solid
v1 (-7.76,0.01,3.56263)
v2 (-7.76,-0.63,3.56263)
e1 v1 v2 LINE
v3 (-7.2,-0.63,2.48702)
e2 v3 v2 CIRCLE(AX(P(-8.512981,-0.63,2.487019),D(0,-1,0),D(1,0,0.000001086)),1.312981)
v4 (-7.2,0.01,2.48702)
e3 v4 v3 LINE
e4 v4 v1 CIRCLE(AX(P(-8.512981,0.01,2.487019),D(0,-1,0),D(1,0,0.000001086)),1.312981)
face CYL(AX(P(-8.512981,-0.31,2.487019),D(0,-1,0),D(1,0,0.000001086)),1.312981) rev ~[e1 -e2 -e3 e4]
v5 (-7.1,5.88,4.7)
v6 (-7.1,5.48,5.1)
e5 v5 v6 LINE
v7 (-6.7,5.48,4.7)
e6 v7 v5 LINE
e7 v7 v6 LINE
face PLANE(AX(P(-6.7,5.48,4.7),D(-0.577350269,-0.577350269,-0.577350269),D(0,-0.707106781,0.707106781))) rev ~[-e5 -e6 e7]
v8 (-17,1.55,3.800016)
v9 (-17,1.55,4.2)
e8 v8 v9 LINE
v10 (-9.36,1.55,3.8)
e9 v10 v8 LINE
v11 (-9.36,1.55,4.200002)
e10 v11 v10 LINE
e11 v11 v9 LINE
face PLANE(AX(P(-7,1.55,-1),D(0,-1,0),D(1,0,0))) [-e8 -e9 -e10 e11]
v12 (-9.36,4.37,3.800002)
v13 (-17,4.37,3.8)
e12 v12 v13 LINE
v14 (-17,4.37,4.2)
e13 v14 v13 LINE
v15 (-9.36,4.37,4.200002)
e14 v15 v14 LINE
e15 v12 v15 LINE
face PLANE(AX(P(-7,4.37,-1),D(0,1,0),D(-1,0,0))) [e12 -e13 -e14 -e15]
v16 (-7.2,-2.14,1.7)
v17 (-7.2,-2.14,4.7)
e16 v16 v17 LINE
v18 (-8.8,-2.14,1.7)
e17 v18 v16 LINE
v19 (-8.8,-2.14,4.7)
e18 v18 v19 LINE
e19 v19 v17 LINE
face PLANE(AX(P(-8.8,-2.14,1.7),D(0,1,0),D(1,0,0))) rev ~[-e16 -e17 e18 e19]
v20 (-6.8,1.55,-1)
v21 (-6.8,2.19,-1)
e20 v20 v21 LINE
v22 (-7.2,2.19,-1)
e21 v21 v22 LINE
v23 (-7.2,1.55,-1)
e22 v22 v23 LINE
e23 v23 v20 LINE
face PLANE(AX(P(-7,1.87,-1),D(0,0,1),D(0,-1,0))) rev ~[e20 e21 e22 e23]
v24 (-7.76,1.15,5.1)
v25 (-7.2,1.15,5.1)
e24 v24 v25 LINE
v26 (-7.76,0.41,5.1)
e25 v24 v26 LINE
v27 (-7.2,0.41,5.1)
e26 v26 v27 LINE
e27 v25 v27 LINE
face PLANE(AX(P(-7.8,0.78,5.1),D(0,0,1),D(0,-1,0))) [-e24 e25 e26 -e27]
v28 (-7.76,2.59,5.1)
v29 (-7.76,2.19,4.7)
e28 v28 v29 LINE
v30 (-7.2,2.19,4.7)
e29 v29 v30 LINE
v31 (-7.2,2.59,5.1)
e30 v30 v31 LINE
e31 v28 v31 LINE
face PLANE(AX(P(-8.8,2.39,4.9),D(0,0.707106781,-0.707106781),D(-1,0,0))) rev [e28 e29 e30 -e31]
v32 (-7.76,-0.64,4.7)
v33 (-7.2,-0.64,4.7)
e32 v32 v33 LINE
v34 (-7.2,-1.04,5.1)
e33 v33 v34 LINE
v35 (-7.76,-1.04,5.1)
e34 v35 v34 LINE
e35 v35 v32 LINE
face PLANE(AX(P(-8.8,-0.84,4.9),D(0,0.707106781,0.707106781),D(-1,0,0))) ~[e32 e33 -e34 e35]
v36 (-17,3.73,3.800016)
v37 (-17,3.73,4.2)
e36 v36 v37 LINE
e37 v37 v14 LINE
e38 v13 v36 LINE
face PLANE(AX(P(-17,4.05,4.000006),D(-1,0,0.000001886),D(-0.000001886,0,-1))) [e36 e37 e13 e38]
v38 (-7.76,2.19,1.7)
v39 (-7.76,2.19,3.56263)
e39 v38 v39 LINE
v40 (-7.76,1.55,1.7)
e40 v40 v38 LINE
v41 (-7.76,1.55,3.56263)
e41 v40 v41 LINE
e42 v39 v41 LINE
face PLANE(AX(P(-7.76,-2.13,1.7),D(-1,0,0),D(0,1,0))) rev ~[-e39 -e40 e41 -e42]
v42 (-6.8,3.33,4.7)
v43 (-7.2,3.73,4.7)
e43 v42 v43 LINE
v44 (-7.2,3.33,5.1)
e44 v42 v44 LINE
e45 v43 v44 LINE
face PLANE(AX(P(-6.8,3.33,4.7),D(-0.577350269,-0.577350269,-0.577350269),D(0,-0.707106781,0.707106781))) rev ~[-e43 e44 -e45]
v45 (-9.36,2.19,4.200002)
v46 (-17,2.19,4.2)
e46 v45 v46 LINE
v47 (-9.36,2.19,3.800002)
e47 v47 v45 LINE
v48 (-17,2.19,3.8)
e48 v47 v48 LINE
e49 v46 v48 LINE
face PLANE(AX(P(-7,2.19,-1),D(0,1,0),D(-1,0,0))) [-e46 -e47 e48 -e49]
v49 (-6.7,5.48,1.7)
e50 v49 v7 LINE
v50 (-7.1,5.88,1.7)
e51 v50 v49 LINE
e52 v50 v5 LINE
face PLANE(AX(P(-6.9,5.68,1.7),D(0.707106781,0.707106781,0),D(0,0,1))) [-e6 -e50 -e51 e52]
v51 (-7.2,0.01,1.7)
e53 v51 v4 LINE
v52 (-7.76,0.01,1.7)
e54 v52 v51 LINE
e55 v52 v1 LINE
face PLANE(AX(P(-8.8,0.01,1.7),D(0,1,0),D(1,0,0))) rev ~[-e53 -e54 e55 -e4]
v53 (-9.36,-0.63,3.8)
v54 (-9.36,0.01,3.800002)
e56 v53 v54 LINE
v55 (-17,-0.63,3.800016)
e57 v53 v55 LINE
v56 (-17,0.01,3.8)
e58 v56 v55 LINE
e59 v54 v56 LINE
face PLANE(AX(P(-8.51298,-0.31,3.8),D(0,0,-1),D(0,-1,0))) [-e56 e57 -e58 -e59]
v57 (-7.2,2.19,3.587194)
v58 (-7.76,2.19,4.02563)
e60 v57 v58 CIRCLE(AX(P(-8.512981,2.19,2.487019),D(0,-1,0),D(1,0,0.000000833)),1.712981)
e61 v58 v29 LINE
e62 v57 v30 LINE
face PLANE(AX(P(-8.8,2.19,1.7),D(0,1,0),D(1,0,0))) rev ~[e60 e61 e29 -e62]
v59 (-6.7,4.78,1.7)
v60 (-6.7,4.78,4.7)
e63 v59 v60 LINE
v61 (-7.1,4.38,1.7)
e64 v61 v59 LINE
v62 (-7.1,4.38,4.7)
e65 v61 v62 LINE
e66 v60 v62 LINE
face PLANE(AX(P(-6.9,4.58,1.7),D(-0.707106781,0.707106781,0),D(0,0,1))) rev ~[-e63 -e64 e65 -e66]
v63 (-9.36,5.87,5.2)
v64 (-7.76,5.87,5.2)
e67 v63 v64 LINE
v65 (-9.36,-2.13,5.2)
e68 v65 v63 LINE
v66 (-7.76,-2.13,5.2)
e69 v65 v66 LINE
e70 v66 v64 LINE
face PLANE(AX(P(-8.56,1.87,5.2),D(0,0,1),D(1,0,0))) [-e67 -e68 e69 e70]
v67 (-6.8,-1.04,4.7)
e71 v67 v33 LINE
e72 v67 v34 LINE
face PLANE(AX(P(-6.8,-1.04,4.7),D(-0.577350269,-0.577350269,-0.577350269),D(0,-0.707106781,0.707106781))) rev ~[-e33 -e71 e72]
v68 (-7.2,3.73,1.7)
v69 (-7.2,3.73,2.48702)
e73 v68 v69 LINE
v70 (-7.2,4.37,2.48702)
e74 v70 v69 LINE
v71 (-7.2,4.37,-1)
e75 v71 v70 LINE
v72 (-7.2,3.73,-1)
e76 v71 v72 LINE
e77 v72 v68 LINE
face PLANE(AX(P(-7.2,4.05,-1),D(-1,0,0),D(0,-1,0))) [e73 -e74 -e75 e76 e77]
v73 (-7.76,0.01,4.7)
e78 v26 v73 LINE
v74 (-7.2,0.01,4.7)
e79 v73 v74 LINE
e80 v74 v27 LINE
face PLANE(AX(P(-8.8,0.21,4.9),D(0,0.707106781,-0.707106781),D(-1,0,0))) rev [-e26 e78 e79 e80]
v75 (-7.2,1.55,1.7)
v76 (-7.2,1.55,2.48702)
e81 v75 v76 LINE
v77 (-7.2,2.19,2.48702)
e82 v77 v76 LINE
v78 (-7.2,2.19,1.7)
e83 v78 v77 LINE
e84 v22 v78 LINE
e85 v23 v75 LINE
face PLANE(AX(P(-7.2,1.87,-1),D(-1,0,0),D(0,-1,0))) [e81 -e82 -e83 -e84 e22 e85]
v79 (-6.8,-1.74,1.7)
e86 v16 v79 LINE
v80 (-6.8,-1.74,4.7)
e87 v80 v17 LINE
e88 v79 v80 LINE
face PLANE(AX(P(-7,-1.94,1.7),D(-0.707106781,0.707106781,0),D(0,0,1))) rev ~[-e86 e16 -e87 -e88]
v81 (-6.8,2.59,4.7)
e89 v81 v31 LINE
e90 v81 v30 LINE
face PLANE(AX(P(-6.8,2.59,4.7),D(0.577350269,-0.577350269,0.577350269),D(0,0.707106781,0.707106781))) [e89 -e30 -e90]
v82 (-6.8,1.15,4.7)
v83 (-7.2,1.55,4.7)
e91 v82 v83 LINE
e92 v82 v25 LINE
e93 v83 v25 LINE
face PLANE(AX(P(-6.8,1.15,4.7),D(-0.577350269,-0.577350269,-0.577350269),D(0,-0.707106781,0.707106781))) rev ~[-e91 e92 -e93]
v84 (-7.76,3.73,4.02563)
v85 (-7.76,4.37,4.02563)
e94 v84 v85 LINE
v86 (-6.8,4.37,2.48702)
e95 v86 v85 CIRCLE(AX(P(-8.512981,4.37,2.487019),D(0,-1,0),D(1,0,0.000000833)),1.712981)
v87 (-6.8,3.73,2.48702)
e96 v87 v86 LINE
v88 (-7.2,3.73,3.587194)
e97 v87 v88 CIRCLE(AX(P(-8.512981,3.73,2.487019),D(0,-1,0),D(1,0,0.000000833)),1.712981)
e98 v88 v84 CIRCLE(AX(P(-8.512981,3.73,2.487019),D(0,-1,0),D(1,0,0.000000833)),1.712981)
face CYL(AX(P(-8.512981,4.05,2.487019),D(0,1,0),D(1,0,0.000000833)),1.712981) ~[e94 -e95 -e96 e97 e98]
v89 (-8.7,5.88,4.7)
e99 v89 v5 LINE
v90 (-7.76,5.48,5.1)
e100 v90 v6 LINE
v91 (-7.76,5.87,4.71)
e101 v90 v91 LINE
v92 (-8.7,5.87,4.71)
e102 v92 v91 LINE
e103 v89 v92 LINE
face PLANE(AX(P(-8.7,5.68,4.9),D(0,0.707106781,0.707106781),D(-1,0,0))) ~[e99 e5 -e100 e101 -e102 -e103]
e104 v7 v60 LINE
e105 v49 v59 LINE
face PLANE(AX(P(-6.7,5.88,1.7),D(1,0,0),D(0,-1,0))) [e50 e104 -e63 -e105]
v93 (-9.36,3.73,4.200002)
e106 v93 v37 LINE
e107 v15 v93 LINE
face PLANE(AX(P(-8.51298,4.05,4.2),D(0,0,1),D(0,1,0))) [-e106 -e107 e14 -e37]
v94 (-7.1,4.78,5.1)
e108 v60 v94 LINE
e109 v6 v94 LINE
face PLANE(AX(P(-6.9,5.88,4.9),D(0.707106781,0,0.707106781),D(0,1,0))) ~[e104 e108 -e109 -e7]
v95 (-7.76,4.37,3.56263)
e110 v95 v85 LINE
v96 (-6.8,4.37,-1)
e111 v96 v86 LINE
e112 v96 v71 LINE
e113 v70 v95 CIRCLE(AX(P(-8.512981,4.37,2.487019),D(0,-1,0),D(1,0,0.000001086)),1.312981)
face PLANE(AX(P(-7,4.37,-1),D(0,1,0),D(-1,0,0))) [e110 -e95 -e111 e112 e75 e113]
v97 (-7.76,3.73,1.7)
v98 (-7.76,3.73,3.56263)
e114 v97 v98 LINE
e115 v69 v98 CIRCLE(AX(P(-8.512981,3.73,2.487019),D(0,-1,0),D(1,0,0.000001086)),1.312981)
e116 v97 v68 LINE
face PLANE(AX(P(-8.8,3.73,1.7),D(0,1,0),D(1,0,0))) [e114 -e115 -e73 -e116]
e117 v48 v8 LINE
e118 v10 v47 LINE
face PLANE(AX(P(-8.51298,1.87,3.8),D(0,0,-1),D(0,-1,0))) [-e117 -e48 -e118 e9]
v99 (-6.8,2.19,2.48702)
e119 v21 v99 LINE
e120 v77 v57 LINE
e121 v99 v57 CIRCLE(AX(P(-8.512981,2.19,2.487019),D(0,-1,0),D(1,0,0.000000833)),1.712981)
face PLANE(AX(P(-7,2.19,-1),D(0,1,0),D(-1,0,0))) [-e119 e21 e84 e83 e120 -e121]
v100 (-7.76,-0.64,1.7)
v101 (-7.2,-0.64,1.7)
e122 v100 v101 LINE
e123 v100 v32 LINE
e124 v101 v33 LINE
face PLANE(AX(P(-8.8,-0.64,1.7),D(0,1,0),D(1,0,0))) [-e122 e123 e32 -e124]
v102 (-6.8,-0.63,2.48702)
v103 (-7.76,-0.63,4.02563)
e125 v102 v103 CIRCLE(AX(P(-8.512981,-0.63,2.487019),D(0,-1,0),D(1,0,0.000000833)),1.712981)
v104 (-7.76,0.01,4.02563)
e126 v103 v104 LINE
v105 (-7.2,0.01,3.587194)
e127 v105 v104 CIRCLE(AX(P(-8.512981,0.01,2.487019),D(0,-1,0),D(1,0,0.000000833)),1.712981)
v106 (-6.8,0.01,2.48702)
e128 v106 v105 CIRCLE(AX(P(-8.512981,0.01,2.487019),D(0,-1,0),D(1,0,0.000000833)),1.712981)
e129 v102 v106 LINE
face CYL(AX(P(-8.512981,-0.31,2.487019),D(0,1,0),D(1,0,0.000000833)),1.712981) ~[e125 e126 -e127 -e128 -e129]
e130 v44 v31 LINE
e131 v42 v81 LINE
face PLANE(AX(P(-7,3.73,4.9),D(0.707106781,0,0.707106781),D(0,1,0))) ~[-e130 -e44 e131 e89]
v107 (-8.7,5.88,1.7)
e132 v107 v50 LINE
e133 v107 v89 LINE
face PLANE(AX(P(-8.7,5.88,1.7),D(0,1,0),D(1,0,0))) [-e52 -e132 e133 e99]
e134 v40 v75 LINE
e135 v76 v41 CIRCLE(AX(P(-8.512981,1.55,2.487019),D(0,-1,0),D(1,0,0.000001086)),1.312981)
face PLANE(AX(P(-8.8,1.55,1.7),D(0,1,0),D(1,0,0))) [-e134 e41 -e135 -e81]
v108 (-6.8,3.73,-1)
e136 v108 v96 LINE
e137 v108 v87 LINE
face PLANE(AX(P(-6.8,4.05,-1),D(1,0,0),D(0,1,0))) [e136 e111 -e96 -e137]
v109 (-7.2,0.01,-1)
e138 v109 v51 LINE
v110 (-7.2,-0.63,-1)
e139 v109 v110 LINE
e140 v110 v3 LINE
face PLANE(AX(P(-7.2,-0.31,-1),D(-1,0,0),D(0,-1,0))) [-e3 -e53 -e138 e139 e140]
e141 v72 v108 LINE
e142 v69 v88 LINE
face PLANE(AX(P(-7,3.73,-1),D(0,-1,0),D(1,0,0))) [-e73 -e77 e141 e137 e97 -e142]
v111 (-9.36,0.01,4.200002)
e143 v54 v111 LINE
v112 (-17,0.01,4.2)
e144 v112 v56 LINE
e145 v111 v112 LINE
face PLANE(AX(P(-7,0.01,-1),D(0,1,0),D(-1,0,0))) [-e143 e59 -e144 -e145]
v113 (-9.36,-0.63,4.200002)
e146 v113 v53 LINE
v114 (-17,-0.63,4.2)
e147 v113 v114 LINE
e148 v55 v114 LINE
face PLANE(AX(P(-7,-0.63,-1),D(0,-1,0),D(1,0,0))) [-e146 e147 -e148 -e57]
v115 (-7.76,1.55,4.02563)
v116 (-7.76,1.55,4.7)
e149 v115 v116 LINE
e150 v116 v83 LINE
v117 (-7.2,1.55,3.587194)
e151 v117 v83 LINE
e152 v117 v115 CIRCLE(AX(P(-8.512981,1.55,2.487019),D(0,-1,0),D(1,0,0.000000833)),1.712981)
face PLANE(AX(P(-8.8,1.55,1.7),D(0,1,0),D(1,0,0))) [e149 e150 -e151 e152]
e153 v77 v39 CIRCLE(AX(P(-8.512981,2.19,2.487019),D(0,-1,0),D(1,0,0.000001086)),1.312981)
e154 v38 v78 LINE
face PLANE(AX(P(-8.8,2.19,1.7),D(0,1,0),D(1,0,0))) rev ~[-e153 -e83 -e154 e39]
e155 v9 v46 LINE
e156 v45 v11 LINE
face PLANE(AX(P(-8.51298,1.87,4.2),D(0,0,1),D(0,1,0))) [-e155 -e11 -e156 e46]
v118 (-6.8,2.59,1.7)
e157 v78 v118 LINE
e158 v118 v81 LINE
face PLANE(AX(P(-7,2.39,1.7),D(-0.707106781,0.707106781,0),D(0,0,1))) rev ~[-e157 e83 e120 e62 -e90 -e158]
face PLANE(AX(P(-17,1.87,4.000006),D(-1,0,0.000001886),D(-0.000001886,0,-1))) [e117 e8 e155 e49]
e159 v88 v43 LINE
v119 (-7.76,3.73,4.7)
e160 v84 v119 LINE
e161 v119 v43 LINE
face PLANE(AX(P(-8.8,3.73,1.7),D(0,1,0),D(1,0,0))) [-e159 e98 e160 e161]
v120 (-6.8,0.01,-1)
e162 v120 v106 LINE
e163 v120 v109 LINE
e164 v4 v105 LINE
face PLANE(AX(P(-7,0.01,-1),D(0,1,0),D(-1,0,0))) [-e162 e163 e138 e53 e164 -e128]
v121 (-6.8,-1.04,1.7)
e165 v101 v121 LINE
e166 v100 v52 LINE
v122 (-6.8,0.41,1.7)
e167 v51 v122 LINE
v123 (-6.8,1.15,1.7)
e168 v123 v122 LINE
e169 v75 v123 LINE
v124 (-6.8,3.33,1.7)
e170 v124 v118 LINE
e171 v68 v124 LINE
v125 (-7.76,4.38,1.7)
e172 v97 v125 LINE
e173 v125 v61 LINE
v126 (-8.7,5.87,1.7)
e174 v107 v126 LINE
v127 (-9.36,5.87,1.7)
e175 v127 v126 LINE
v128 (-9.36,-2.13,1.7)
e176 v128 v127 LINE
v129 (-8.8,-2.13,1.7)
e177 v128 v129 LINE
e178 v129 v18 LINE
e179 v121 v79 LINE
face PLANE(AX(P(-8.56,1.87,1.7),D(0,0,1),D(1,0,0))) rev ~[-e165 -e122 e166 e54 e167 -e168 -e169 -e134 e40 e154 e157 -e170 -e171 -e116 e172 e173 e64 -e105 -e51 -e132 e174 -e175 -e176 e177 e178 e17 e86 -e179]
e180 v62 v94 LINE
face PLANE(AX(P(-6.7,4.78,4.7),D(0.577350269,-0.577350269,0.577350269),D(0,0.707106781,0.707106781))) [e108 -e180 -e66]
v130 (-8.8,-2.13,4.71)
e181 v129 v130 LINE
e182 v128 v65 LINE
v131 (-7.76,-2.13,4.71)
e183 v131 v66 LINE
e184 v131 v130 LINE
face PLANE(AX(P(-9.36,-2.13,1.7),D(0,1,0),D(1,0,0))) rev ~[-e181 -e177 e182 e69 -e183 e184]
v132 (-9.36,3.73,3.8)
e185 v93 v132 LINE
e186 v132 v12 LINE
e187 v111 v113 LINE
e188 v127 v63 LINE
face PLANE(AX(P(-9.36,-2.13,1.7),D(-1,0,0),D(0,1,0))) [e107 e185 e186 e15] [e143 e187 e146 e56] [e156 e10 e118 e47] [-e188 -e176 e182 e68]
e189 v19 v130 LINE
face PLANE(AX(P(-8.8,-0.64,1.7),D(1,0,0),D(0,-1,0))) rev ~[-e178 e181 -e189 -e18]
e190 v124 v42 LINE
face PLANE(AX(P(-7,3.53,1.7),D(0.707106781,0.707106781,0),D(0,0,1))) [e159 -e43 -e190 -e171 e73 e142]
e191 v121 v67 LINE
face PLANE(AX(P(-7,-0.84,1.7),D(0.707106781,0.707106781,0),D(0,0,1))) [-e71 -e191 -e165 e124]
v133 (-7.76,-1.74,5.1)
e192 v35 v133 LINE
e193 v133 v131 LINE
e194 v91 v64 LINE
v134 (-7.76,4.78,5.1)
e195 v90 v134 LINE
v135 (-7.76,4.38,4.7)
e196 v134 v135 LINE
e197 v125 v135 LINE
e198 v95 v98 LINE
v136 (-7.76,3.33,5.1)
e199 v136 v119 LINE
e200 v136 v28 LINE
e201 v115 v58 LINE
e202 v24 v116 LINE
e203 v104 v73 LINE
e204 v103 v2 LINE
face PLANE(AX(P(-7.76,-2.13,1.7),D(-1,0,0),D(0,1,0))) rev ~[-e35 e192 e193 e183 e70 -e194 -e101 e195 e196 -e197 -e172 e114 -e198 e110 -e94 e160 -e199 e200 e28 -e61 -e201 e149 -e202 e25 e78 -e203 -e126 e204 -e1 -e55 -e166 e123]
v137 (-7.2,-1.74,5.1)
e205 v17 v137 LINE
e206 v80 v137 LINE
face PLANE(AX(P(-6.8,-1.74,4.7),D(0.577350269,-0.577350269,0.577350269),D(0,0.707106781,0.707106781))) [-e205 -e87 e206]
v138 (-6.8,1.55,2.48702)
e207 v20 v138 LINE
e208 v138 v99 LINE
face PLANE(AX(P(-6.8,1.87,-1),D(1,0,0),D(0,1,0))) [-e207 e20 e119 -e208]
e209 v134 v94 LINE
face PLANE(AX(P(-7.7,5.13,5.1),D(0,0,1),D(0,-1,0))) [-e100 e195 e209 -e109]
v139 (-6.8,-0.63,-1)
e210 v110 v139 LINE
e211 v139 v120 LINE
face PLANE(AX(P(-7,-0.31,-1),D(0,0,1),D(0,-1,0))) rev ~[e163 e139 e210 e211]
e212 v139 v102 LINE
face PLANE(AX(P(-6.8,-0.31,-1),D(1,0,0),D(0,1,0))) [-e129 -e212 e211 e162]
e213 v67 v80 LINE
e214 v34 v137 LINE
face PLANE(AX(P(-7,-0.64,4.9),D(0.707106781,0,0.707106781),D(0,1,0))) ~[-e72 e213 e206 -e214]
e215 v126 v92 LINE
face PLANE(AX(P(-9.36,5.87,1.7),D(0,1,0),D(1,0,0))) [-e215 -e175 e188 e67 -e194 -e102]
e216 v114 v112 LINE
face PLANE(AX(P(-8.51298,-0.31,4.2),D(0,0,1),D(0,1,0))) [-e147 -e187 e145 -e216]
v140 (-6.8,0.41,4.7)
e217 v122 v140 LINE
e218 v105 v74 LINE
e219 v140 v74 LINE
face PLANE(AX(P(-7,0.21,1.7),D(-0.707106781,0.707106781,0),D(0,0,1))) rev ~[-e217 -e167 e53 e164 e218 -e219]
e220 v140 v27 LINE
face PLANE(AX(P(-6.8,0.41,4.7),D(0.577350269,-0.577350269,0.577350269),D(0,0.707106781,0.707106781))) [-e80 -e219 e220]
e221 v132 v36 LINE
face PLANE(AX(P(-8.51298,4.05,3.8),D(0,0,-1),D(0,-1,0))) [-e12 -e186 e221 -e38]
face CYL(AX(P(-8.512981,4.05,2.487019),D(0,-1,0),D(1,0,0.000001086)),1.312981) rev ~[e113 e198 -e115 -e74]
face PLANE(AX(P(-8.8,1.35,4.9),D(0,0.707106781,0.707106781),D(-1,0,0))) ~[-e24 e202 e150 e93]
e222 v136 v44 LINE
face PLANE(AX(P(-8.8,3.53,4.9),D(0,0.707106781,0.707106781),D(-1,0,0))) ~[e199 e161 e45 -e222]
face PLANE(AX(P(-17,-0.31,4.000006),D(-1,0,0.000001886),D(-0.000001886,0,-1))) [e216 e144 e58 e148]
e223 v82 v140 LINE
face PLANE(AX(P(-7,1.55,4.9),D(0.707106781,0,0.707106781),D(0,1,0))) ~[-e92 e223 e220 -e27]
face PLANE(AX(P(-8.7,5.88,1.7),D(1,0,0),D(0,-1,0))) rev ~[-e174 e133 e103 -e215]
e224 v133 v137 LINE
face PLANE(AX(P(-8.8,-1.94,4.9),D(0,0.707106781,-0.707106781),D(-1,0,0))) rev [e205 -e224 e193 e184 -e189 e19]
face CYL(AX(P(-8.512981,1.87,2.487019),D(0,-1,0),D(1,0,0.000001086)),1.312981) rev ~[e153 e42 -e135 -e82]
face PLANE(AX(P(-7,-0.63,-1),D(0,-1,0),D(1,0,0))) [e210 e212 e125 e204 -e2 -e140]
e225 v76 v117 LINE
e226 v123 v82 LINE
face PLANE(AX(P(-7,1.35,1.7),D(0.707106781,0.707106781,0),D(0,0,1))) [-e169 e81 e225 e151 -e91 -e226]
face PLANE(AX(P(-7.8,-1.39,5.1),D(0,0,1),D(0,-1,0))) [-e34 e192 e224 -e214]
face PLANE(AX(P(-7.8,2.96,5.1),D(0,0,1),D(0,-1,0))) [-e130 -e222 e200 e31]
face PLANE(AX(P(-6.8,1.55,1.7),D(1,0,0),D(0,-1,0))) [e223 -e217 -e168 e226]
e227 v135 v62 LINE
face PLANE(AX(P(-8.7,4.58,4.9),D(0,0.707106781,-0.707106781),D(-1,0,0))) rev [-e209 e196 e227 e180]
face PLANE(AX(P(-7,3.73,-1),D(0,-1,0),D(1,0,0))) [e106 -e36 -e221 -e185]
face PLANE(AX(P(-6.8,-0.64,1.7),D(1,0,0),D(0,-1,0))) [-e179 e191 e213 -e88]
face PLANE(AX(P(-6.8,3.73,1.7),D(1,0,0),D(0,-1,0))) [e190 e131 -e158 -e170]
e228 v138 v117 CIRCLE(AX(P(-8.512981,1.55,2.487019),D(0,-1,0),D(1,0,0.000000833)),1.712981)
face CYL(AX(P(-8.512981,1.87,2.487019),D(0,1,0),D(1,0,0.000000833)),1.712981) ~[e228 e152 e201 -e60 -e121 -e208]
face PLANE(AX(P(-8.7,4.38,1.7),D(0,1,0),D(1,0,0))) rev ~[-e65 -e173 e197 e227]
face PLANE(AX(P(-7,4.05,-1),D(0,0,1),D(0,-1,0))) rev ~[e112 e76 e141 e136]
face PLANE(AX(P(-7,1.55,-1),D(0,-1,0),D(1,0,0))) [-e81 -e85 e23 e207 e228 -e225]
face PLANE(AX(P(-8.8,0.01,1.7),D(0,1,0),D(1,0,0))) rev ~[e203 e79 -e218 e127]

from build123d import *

# Parameters (mm, degrees)
BOX004_W                  = 1.6
BOX004_H                  = 8
BOX004_DEPTH              = 3.5
BOX003_W                  = 1.54
BOX003_H                  = 2
BOX003_DEPTH              = 3.4
CHAMFER002_SIZE           = 0.4
BOX002_W                  = 1.5
BOX002_H                  = 2
BOX002_DEPTH              = 3.4
CHAMFER001_SIZE           = 0.4
BOX_W                     = 1.54
BOX_H                     = 2
BOX_DEPTH                 = 3.4
CHAMFER003_SIZE           = 0.4
BOX001_W                  = 1.5
BOX001_H                  = 2
BOX001_DEPTH              = 3.4
CHAMFER_SIZE              = 0.4
SKETCH001_W               = 0.64
SKETCH001_H               = 0.4
ARRAY_X_COUNT             = 3
ARRAY_X_PITCH             = 2.18
FUSION001_PLACEMENT_ANGLE = -90


with BuildPart() as cubo008:
    # Box004 → Box004 (new body)
    with BuildSketch(Plane(origin=(-9.36, -4.13, 1.7), x_dir=(1, 0, 0), z_dir=(0, 0, 1))):
        with Locations((0.8, 4)):
            Rectangle(BOX004_W, BOX004_H)
    extrude(amount=BOX004_DEPTH)


with BuildPart() as chamfer002:
    # Box003 → Box003 (new body)
    with BuildSketch(Plane(origin=(-2.93, -3.3, 0.2), x_dir=(1, 0, 0), z_dir=(0, 0, 1))):
        with Locations((0.77, 1)):
            Rectangle(BOX003_W, BOX003_H)
    extrude(amount=BOX003_DEPTH)

    # Chamfer002
    chamfer002_edges = [chamfer002.edges().sort_by_distance(p)[0] for p in [
        (-2.93, -2.3, 3.6),
        (-2.93, -1.3, 1.9),
        (-1.39, -2.3, 3.6),
        (-1.39, -1.3, 1.9),
        (-2.16, -1.3, 3.6),
    ]]
    chamfer(chamfer002_edges, length=CHAMFER002_SIZE)


with BuildPart() as chamfer002_1:
    # Chamfer002 placement: moved
    add(chamfer002.part.moved(Location((3.2, 1.5, 1.5))))


with BuildPart() as chamfer001:
    # Box002 → Box002 (new body)
    with BuildSketch(Plane(origin=(-1.14, -16.5, 1.4), x_dir=(1, 0, 0), z_dir=(0, 0, 1))):
        with Locations((0.75, 1)):
            Rectangle(BOX002_W, BOX002_H)
    extrude(amount=BOX002_DEPTH)

    # Chamfer001
    chamfer001_edges = [chamfer001.edges().sort_by_distance(p)[0] for p in [
        (-1.14, -15.5, 4.8),
        (-1.14, -14.5, 3.1),
        (0.36, -15.5, 4.8),
        (0.36, -14.5, 3.1),
        (-0.39, -14.5, 4.8),
    ]]
    chamfer(chamfer001_edges, length=CHAMFER001_SIZE)


with BuildPart() as chamfer001_1:
    # Chamfer001 placement: moved
    add(chamfer001.part.moved(Location((5.78, 14.7, 0.3))))


with BuildPart() as chamfer003:
    # Box → Box (new body)
    with BuildSketch(Plane(origin=(-2.93, -3.3, 0.2), x_dir=(1, 0, 0), z_dir=(0, 0, 1))):
        with Locations((0.77, 1)):
            Rectangle(BOX_W, BOX_H)
    extrude(amount=BOX_DEPTH)

    # Chamfer003
    chamfer003_edges = [chamfer003.edges().sort_by_distance(p)[0] for p in [
        (-2.93, -2.3, 3.6),
        (-2.93, -1.3, 1.9),
        (-1.39, -2.3, 3.6),
        (-1.39, -1.3, 1.9),
        (-2.16, -1.3, 3.6),
    ]]
    chamfer(chamfer003_edges, length=CHAMFER003_SIZE)


with BuildPart() as chamfer003_1:
    # Chamfer003 placement: moved
    add(chamfer003.part.moved(Location((5.38, 1.5, 1.5))))


with BuildPart() as chamfer_body:
    # Box001 → Box001 (new body)
    with BuildSketch(Plane(origin=(-1.14, -16.5, 1.4), x_dir=(1, 0, 0), z_dir=(0, 0, 1))):
        with Locations((0.75, 1)):
            Rectangle(BOX001_W, BOX001_H)
    extrude(amount=BOX001_DEPTH)

    # Chamfer
    chamfer_edges = [chamfer_body.edges().sort_by_distance(p)[0] for p in [
        (-1.14, -15.5, 4.8),
        (-1.14, -14.5, 3.1),
        (0.36, -15.5, 4.8),
        (0.36, -14.5, 3.1),
        (-0.39, -14.5, 4.8),
    ]]
    chamfer(chamfer_edges, length=CHAMFER_SIZE)


with BuildPart() as chamfer_body_1:
    # Chamfer placement: moved
    add(chamfer_body.part.moved(Location((-0.74, 14.8, 0.3))))


with BuildPart() as conectores:
    # Sweep: sweep along a path in Sketch
    with BuildLine(Plane.YZ) as sweep_path:
        Line((0, 0), (0, 3.48702))
        ThreePointArc((0, 3.48702), (-0.443142, 4.556858), (-1.51298, 5))
        Line((-1.51298, 5), (-10, 5))
    # Sketch001 → Sweep (sweep)
    with BuildSketch(Plane.XY):
        Rectangle(SKETCH001_W, SKETCH001_H)
    sweep(path=sweep_path.line)


with BuildPart() as conectores_1:
    # Sweep placement: moved
    add(conectores.part.moved(Location((-0.05, 0, -1))))

    # Array X: Conectores ×3


with BuildPart() as conectores_2:
    add(conectores_1.part)
    with Locations(*[(i * ARRAY_X_PITCH, 0, 0) for i in range(1, ARRAY_X_COUNT)]):
        add(conectores_1.part)

    # Fusion001: union Chamfer002, Chamfer001, Chamfer003, Chamfer body
    add(chamfer002_1.part)
    add(chamfer001_1.part)
    add(chamfer003_1.part)
    add(chamfer_body_1.part)


with BuildPart() as conectores_3:
    # Fusion001 placement: moved
    add(conectores_2.part.moved(Location((-7, 2, 0))).rotate(Axis((-7, 2, 0), (0, 0, 1)), FUSION001_PLACEMENT_ANGLE))

    # Fusion: union Cubo008
    add(cubo008.part)


with BuildPart() as conectores_4:
    # Fusion placement: moved
    add(conectores_3.part.moved(Location((0, 2, 0))))


solid = conectores_4.part
